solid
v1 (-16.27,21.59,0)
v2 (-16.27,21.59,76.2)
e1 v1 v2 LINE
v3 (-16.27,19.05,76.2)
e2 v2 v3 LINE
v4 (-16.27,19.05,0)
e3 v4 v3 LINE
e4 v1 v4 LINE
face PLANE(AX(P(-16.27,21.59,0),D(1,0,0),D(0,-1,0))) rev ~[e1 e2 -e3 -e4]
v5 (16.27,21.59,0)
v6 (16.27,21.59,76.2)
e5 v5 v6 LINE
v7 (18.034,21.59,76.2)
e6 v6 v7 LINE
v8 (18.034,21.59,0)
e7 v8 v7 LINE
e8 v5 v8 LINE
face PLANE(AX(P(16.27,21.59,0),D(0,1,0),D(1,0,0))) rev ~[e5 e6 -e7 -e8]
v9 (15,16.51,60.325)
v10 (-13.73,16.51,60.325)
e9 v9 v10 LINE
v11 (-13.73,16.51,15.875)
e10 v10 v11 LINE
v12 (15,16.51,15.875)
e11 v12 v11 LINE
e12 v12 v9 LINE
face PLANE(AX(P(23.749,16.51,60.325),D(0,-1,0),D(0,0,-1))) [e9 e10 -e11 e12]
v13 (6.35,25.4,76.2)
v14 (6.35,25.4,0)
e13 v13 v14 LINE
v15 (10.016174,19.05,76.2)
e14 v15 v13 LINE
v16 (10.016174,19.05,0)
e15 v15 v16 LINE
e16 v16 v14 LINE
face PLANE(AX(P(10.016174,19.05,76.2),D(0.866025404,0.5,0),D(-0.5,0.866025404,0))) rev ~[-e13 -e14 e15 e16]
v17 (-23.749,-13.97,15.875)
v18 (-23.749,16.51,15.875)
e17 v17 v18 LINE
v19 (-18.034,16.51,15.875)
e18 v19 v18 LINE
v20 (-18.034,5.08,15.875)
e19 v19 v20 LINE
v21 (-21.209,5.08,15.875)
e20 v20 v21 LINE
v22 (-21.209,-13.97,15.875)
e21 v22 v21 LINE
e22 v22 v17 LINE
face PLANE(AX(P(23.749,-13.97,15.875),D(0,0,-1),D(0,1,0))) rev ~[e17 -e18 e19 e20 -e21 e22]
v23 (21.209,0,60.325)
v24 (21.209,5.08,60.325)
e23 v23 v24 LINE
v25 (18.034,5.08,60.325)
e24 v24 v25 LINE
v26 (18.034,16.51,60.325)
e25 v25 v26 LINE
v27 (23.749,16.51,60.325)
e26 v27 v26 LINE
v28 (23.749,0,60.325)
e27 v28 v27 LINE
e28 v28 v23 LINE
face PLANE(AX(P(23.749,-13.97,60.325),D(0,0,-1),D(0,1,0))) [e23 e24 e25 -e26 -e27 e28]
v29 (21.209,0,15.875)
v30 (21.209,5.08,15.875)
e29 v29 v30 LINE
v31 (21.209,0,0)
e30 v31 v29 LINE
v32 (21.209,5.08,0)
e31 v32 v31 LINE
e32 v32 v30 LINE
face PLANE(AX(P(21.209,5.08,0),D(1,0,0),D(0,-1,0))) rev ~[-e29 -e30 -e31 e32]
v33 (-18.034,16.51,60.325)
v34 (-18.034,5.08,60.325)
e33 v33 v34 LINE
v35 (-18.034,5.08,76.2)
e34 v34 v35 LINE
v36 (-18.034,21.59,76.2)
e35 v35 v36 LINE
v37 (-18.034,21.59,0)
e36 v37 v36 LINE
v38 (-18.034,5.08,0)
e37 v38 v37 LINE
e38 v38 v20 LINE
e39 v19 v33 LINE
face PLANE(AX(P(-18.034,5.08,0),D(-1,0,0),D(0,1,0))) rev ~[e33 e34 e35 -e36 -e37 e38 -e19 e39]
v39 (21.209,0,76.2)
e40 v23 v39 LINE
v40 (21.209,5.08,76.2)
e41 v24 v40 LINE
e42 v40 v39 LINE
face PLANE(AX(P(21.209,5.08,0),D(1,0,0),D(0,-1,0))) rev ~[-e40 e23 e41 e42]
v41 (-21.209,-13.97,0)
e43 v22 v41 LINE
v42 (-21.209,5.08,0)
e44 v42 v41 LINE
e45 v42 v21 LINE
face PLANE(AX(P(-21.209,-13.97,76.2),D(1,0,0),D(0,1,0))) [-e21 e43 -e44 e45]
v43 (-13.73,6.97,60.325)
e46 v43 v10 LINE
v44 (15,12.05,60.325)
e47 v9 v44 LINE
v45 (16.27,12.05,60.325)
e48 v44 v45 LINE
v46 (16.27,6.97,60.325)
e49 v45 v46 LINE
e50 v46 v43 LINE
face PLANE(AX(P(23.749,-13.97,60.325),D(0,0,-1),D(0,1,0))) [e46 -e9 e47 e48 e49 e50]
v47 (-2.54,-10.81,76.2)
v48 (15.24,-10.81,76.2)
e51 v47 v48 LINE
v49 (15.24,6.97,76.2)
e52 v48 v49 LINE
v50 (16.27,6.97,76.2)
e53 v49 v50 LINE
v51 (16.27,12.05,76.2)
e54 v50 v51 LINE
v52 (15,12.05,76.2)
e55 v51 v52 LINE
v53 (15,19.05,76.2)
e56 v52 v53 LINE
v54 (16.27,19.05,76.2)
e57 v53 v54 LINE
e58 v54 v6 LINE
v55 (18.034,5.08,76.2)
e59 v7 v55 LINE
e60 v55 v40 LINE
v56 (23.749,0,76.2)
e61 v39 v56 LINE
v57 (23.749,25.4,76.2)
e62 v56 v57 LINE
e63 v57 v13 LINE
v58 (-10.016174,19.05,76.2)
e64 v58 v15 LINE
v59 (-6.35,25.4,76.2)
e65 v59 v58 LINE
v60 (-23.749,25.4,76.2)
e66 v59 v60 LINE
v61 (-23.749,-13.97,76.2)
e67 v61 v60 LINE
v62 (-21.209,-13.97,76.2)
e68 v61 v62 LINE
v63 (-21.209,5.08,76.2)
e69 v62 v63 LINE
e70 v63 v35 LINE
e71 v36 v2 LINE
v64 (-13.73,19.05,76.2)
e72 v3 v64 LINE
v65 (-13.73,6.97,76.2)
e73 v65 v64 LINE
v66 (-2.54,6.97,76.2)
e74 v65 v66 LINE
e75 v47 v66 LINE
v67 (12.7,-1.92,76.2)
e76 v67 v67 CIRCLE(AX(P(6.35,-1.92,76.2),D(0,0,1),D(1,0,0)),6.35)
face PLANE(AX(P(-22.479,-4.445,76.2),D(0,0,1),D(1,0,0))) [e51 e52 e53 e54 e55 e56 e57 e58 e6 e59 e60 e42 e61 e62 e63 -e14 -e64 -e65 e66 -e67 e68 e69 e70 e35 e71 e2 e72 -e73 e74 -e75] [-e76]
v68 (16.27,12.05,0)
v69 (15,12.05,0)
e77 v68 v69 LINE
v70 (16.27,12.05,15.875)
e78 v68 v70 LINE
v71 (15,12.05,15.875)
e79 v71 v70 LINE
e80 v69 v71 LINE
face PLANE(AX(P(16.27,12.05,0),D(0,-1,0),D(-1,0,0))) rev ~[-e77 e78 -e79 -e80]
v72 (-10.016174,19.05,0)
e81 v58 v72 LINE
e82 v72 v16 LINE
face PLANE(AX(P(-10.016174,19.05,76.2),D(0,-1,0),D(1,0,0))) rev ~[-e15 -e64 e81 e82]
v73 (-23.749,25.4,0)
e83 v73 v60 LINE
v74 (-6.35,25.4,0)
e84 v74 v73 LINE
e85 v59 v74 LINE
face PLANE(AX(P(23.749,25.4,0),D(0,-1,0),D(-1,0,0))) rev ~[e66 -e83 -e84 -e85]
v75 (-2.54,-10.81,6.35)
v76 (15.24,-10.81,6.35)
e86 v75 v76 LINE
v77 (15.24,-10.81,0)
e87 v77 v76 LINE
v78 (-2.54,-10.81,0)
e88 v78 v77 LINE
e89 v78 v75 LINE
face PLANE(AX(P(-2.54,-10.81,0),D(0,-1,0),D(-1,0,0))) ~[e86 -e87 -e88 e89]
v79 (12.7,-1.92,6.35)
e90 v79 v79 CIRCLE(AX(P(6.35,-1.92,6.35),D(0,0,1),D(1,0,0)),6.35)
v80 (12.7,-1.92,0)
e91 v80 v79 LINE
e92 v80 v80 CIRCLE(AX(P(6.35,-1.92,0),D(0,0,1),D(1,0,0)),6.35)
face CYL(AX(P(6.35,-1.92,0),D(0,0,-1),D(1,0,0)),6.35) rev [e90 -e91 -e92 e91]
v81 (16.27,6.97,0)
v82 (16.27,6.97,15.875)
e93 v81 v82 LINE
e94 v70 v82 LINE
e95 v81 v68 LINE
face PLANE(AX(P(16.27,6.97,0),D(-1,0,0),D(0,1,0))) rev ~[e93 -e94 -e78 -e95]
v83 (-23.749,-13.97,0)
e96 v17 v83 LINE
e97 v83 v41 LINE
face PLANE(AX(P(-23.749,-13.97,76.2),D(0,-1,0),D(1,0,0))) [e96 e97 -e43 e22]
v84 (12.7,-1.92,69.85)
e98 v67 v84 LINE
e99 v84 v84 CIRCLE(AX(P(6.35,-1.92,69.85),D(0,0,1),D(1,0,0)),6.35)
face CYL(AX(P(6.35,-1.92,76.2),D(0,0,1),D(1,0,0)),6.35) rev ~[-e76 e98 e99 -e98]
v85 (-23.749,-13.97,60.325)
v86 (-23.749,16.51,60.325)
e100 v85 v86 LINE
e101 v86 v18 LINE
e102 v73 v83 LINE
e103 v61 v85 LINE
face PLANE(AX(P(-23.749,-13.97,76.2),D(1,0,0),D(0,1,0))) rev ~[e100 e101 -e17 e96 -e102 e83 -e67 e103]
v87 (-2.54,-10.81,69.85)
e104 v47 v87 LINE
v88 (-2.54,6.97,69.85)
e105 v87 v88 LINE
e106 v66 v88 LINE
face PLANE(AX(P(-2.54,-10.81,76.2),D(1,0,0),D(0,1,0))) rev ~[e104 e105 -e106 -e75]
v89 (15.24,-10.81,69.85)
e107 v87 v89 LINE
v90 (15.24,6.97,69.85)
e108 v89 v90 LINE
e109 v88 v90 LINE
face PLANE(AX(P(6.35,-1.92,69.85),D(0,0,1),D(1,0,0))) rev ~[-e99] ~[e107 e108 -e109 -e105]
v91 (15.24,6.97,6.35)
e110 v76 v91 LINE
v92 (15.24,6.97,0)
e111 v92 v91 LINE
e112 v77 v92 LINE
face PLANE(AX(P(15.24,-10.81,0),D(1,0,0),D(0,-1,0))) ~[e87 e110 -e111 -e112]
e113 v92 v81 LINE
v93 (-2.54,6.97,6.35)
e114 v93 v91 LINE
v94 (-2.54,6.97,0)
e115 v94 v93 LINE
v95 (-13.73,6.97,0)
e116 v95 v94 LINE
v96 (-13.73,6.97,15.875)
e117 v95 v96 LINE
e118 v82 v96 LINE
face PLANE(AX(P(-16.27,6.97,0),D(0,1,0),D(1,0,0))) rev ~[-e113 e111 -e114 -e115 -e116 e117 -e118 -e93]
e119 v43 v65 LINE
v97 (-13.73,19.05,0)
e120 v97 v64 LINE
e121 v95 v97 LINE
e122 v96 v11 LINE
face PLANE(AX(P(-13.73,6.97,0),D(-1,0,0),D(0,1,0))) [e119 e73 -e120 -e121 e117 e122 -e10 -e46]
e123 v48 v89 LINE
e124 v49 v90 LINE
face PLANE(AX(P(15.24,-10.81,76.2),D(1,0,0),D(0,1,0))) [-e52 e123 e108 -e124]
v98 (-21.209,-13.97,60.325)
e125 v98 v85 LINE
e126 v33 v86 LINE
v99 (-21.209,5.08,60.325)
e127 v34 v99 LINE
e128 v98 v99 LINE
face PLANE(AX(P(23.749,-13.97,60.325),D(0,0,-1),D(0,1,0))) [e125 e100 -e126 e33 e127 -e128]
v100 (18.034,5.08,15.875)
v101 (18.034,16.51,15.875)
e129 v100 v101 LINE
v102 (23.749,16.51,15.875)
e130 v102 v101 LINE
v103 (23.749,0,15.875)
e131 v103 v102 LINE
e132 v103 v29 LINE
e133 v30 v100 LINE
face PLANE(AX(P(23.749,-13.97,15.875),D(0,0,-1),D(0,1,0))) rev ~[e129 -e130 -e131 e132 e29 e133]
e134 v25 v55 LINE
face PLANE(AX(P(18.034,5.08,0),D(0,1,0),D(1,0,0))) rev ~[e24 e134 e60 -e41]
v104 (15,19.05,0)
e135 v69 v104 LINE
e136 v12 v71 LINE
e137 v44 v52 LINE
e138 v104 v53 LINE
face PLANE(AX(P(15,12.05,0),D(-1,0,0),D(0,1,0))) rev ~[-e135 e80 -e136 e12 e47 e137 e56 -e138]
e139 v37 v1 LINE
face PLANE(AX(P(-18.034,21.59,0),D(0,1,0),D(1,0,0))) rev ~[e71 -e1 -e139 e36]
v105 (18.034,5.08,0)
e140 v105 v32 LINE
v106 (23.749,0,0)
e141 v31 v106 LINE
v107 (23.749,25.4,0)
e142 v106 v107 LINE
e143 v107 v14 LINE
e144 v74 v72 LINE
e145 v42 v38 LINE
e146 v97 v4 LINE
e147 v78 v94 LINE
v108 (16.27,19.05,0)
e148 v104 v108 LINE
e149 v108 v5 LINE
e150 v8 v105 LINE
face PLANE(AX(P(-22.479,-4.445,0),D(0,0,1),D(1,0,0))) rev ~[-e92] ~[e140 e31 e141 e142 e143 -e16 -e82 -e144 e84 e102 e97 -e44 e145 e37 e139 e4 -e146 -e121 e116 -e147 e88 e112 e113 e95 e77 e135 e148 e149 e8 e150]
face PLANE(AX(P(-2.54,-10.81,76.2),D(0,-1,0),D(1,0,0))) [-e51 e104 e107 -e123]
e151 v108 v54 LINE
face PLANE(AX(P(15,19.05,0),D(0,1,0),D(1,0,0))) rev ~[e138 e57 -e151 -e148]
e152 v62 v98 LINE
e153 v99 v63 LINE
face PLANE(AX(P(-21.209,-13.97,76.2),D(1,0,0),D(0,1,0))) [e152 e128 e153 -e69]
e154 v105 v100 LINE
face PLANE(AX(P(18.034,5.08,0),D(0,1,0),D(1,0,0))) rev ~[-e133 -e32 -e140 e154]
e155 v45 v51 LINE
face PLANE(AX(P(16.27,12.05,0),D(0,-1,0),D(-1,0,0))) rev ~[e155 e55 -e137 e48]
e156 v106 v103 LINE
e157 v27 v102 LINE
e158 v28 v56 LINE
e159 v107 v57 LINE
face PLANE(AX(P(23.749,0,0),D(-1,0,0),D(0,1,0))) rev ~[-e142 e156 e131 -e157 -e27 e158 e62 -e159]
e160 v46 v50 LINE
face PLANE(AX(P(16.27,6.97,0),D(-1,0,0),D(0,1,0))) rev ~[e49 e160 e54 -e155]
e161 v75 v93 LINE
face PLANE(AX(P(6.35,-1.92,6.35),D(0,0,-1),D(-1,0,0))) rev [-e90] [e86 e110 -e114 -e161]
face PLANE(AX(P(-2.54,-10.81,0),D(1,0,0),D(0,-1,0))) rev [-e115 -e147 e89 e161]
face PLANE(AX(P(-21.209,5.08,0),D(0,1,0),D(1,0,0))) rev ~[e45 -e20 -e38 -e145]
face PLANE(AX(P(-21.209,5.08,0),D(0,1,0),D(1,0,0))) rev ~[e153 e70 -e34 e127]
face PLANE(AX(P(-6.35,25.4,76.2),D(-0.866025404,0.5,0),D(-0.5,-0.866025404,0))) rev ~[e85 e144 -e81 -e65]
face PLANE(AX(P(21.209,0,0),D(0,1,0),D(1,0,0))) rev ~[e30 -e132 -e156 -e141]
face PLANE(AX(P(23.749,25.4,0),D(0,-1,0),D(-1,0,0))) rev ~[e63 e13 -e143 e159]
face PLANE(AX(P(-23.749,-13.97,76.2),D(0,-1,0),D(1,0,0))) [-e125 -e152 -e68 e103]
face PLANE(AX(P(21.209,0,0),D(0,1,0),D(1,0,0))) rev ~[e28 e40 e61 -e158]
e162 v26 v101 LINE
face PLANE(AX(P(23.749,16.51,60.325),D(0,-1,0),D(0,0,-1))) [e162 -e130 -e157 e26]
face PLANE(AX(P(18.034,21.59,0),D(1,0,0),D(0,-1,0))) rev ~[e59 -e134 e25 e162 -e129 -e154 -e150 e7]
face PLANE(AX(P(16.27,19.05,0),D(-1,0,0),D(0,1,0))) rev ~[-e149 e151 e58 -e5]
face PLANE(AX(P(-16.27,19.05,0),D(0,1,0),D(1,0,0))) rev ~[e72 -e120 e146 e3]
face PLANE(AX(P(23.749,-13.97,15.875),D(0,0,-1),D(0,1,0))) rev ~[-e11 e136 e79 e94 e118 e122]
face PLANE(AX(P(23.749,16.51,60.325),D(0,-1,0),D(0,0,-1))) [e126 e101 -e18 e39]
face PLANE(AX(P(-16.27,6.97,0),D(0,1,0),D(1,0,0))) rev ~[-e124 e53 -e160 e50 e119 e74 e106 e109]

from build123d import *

# Parameters (mm, degrees)
BOSS_EXTRUDE1_DEPTH = 76.2
SKETCH2_W           = 2.54
SKETCH2_H           = 19.05
BOSS_EXTRUDE2_DEPTH = 76.2
SKETCH3_W           = 17.78
SKETCH3_H           = 17.78
SKETCH3_R           = 6.35
BOSS_EXTRUDE3_DEPTH = 6.35
CUT_EXTRUDE1_DEPTH  = 84.75926815
SKETCH5_W           = 44.45
SKETCH5_H           = 30.48
CUT_EXTRUDE2_DEPTH  = 94.314843428
CUT_EXTRUDE3_START  = -76.2
SKETCH6_W           = 2.54
SKETCH6_H           = 12.08
CUT_EXTRUDE3_DEPTH  = 76.2


with BuildPart() as part:
    # Sketch1 → Boss-Extrude1 (new body)
    with BuildSketch(Plane.XY):
        Polygon((-16.27, 6.97), (16.27, 6.97), (16.27, 12.05), (15, 12.05), (15, 19.05), (16.27, 19.05), (16.27, 21.59), (18.034, 21.59), (18.034, 5.08), (21.209, 5.08), (21.209, 0), (23.749, 0), (23.749, 25.4), (-23.749, 25.4), (-23.749, 0), (-21.209, 0), (-21.209, 5.08), (-18.034, 5.08), (-18.034, 21.59), (-16.27, 21.59), (-16.27, 19.05), (-15, 19.05), (-15, 12.05), (-16.27, 12.05), align=None)
    extrude(amount=BOSS_EXTRUDE1_DEPTH)

    # Sketch2 → Boss-Extrude2 (add)
    with BuildSketch(Plane.XY.offset(76.2)):
        with Locations((-22.479, -4.445)):
            Rectangle(SKETCH2_W, SKETCH2_H)
    extrude(amount=-BOSS_EXTRUDE2_DEPTH)

    # Sketch3 → Boss-Extrude3 (add)
    with BuildSketch(Plane.XY.offset(76.2)):
        with Locations((6.35, -1.92)):
            Rectangle(SKETCH3_W, SKETCH3_H)
        with Locations((6.35, -1.92)):
            Circle(SKETCH3_R, mode=Mode.SUBTRACT)
    boss_extrude3 = extrude(amount=-BOSS_EXTRUDE3_DEPTH)

    # Mirror1: Boss-Extrude3 across plane
    add(boss_extrude3.mirror(Plane.XY.offset(38.1)))

    # Sketch4 → Cut-Extrude1 (cut, through all)
    with BuildSketch(Plane.XY.offset(76.2)):
        Polygon((-6.35, 25.4), (-10.016174209, 19.05), (10.016174209, 19.05), (6.35, 25.4), align=None)
    extrude(amount=-CUT_EXTRUDE1_DEPTH, mode=Mode.SUBTRACT)

    # Sketch5 → Cut-Extrude2 (cut, through all)
    with BuildSketch(Plane(origin=(23.749, 0, 0), x_dir=(0, 0, -1), z_dir=(1, 0, 0))):
        with Locations((-38.1, 1.27)):
            Rectangle(SKETCH5_W, SKETCH5_H)
    extrude(amount=-CUT_EXTRUDE2_DEPTH, mode=Mode.SUBTRACT)

    # Sketch6 → Cut-Extrude3 (cut)
    with BuildSketch(Plane.XY.offset(76.2).offset(CUT_EXTRUDE3_START)):
        with Locations((-15, 13.01)):
            Rectangle(SKETCH6_W, SKETCH6_H)
    extrude(amount=CUT_EXTRUDE3_DEPTH, mode=Mode.SUBTRACT)


solid = part.part
